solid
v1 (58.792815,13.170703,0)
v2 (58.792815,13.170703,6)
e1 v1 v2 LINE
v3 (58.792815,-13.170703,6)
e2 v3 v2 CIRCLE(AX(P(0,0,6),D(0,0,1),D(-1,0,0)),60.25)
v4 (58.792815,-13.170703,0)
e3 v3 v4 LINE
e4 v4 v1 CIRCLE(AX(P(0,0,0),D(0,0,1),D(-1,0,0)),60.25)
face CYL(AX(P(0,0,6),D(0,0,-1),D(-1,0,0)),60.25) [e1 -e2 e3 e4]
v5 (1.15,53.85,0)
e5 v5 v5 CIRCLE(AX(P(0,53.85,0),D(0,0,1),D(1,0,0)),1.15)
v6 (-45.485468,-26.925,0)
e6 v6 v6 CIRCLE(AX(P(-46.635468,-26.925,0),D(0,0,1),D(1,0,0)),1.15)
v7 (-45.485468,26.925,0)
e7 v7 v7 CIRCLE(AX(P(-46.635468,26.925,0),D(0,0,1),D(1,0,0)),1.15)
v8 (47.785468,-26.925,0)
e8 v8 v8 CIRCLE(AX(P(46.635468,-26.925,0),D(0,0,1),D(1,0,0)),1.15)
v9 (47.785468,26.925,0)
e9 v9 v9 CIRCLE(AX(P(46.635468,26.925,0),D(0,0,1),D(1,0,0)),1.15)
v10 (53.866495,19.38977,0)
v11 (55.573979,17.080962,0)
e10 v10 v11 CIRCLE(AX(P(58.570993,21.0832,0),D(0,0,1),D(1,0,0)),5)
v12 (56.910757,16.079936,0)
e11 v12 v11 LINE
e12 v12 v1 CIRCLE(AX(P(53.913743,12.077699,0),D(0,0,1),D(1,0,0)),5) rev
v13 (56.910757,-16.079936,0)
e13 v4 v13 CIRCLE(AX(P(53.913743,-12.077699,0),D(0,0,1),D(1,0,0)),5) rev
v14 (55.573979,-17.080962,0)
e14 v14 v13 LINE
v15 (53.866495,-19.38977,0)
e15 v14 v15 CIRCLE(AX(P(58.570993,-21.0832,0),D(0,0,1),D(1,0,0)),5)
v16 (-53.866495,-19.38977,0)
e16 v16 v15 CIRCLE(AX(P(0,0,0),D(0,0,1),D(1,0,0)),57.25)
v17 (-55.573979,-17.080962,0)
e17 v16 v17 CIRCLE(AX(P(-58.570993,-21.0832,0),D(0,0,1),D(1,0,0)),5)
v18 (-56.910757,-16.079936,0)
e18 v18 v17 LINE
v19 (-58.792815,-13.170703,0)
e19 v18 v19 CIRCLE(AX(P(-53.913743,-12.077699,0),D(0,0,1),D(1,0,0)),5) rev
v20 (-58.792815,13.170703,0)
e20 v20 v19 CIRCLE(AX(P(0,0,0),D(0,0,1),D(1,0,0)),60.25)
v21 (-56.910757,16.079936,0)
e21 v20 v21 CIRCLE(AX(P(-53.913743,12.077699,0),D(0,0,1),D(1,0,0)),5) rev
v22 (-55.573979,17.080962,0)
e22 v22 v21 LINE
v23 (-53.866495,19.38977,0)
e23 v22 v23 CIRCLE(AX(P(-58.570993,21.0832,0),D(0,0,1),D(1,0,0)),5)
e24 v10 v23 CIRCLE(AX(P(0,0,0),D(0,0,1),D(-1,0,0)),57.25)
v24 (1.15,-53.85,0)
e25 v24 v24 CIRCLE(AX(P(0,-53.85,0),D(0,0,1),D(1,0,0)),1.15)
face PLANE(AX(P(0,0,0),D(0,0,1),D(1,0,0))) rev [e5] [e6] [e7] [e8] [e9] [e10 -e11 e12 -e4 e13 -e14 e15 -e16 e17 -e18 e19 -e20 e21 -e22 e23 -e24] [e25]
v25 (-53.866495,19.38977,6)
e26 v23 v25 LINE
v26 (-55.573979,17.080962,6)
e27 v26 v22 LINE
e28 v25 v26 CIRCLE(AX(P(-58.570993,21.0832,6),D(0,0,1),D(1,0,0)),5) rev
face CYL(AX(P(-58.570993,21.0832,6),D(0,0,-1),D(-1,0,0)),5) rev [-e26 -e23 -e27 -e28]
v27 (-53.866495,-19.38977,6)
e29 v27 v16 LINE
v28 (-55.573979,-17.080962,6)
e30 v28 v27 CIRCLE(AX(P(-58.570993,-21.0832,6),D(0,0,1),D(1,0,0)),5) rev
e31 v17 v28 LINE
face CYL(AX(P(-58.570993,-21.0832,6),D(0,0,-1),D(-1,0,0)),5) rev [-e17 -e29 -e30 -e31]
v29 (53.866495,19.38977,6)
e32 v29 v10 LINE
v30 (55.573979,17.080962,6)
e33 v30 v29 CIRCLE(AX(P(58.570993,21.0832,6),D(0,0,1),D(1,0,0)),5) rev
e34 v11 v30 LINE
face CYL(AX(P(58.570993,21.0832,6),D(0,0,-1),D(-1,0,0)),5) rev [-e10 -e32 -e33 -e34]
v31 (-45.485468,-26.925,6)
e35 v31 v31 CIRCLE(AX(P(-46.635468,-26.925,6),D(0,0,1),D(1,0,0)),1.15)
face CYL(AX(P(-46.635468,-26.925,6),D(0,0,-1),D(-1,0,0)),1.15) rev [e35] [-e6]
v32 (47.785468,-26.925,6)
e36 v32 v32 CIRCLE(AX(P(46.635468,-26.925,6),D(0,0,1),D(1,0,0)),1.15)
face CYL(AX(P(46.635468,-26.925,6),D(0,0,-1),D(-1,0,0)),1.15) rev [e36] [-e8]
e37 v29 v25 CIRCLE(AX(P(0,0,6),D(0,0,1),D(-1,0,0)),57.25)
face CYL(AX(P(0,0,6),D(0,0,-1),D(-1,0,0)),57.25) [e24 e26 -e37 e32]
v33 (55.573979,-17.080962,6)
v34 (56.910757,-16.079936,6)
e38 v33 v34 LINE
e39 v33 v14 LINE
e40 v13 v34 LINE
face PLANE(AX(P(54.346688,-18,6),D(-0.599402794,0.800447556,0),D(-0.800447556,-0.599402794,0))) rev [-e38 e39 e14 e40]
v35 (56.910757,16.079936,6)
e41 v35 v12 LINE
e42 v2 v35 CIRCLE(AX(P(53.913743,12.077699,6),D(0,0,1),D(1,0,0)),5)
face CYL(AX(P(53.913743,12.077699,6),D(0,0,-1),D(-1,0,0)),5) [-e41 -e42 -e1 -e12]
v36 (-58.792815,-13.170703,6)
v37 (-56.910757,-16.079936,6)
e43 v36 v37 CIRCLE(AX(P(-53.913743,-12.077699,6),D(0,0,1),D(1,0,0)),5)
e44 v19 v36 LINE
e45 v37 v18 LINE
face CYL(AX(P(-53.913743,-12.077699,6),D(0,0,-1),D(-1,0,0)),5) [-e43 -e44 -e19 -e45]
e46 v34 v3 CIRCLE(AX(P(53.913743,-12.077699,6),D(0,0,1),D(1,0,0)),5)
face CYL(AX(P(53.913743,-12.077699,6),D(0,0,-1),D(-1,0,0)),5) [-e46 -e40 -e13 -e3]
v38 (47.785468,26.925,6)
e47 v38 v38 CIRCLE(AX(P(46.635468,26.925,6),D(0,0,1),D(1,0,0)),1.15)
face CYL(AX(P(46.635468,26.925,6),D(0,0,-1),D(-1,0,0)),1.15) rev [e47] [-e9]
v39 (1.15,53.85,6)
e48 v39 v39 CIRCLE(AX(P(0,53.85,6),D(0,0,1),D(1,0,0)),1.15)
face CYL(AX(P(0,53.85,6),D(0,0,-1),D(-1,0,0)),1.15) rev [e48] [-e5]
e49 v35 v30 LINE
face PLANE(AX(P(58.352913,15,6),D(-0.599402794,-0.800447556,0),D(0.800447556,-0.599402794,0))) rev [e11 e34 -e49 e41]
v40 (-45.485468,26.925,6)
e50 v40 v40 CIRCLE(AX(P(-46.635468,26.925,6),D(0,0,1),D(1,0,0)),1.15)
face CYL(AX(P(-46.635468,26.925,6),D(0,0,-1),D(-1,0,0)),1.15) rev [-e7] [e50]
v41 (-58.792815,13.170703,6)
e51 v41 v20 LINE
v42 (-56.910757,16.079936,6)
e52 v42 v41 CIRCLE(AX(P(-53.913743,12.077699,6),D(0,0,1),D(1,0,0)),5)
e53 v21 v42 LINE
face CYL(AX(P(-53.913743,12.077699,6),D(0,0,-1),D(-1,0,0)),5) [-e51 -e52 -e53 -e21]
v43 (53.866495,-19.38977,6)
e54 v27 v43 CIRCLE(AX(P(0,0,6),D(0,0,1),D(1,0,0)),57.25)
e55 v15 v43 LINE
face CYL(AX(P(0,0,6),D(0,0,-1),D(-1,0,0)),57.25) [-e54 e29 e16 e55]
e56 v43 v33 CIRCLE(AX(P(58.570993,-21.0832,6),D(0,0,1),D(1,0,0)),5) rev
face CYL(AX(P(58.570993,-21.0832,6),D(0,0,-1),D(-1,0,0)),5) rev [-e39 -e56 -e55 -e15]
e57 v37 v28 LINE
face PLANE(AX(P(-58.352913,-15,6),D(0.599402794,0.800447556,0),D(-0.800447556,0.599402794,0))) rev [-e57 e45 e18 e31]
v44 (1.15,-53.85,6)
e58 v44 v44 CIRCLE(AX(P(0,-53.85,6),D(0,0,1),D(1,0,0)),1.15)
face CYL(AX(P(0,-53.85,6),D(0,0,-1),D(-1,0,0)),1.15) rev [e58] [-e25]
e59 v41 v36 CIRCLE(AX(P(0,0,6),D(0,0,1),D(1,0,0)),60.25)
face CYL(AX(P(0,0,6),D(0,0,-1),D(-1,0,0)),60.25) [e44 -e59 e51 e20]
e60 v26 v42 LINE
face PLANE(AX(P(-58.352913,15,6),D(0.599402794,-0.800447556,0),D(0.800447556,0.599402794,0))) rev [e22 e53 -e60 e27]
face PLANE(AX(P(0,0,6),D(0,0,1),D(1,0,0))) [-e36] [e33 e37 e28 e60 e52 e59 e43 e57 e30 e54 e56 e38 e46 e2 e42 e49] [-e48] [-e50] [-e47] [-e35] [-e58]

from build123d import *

# Parameters (mm, degrees)
ESQUISSE1_R        = 1.15
BOSS_EXTRU_1_DEPTH = 6
CONG_1_R           = 5


with BuildPart() as part:
    # Esquisse1 → Boss.-Extru.1 (new body)
    with BuildSketch(Plane.XY):
        with BuildLine():
            Line((-58.352913381, 15), (-54.346688032, 18))
            ThreePointArc((-54.346688032, 18), (0, 57.25), (54.346688032, 18))
            Line((54.346688032, 18), (58.352913381, 15))
            ThreePointArc((58.352913381, 15), (60.25, 0), (58.352913381, -15))
            Line((58.352913381, -15), (54.346688032, -18))
            ThreePointArc((54.346688032, -18), (0, -57.25), (-54.346688032, -18))
            Line((-54.346688032, -18), (-58.352913381, -15))
            ThreePointArc((-58.352913381, -15), (-60.25, 0), (-58.352913381, 15))
        make_face()
        with Locations((0, 53.85)):
            Circle(ESQUISSE1_R, mode=Mode.SUBTRACT)
        with Locations((46.635467994, 26.925)):
            Circle(ESQUISSE1_R, mode=Mode.SUBTRACT)
        with Locations((46.635467994, -26.925)):
            Circle(ESQUISSE1_R, mode=Mode.SUBTRACT)
        with Locations((0, -53.85)):
            Circle(ESQUISSE1_R, mode=Mode.SUBTRACT)
        with Locations((-46.635467994, -26.925)):
            Circle(ESQUISSE1_R, mode=Mode.SUBTRACT)
        with Locations((-46.635467994, 26.925)):
            Circle(ESQUISSE1_R, mode=Mode.SUBTRACT)
    extrude(amount=BOSS_EXTRU_1_DEPTH)

    # Congé1
    cong_1_edges = [part.edges().sort_by_distance(p)[0] for p in [
        (-54.346688032, -18, 3),
        (-58.352913381, -15, 3),
        (-58.352913381, 15, 3),
        (-54.346688032, 18, 3),
        (54.346688032, 18, 3),
        (58.352913381, 15, 3),
        (58.352913381, -15, 3),
        (54.346688032, -18, 3),
    ]]
    fillet(cong_1_edges, radius=CONG_1_R)


solid = part.part
